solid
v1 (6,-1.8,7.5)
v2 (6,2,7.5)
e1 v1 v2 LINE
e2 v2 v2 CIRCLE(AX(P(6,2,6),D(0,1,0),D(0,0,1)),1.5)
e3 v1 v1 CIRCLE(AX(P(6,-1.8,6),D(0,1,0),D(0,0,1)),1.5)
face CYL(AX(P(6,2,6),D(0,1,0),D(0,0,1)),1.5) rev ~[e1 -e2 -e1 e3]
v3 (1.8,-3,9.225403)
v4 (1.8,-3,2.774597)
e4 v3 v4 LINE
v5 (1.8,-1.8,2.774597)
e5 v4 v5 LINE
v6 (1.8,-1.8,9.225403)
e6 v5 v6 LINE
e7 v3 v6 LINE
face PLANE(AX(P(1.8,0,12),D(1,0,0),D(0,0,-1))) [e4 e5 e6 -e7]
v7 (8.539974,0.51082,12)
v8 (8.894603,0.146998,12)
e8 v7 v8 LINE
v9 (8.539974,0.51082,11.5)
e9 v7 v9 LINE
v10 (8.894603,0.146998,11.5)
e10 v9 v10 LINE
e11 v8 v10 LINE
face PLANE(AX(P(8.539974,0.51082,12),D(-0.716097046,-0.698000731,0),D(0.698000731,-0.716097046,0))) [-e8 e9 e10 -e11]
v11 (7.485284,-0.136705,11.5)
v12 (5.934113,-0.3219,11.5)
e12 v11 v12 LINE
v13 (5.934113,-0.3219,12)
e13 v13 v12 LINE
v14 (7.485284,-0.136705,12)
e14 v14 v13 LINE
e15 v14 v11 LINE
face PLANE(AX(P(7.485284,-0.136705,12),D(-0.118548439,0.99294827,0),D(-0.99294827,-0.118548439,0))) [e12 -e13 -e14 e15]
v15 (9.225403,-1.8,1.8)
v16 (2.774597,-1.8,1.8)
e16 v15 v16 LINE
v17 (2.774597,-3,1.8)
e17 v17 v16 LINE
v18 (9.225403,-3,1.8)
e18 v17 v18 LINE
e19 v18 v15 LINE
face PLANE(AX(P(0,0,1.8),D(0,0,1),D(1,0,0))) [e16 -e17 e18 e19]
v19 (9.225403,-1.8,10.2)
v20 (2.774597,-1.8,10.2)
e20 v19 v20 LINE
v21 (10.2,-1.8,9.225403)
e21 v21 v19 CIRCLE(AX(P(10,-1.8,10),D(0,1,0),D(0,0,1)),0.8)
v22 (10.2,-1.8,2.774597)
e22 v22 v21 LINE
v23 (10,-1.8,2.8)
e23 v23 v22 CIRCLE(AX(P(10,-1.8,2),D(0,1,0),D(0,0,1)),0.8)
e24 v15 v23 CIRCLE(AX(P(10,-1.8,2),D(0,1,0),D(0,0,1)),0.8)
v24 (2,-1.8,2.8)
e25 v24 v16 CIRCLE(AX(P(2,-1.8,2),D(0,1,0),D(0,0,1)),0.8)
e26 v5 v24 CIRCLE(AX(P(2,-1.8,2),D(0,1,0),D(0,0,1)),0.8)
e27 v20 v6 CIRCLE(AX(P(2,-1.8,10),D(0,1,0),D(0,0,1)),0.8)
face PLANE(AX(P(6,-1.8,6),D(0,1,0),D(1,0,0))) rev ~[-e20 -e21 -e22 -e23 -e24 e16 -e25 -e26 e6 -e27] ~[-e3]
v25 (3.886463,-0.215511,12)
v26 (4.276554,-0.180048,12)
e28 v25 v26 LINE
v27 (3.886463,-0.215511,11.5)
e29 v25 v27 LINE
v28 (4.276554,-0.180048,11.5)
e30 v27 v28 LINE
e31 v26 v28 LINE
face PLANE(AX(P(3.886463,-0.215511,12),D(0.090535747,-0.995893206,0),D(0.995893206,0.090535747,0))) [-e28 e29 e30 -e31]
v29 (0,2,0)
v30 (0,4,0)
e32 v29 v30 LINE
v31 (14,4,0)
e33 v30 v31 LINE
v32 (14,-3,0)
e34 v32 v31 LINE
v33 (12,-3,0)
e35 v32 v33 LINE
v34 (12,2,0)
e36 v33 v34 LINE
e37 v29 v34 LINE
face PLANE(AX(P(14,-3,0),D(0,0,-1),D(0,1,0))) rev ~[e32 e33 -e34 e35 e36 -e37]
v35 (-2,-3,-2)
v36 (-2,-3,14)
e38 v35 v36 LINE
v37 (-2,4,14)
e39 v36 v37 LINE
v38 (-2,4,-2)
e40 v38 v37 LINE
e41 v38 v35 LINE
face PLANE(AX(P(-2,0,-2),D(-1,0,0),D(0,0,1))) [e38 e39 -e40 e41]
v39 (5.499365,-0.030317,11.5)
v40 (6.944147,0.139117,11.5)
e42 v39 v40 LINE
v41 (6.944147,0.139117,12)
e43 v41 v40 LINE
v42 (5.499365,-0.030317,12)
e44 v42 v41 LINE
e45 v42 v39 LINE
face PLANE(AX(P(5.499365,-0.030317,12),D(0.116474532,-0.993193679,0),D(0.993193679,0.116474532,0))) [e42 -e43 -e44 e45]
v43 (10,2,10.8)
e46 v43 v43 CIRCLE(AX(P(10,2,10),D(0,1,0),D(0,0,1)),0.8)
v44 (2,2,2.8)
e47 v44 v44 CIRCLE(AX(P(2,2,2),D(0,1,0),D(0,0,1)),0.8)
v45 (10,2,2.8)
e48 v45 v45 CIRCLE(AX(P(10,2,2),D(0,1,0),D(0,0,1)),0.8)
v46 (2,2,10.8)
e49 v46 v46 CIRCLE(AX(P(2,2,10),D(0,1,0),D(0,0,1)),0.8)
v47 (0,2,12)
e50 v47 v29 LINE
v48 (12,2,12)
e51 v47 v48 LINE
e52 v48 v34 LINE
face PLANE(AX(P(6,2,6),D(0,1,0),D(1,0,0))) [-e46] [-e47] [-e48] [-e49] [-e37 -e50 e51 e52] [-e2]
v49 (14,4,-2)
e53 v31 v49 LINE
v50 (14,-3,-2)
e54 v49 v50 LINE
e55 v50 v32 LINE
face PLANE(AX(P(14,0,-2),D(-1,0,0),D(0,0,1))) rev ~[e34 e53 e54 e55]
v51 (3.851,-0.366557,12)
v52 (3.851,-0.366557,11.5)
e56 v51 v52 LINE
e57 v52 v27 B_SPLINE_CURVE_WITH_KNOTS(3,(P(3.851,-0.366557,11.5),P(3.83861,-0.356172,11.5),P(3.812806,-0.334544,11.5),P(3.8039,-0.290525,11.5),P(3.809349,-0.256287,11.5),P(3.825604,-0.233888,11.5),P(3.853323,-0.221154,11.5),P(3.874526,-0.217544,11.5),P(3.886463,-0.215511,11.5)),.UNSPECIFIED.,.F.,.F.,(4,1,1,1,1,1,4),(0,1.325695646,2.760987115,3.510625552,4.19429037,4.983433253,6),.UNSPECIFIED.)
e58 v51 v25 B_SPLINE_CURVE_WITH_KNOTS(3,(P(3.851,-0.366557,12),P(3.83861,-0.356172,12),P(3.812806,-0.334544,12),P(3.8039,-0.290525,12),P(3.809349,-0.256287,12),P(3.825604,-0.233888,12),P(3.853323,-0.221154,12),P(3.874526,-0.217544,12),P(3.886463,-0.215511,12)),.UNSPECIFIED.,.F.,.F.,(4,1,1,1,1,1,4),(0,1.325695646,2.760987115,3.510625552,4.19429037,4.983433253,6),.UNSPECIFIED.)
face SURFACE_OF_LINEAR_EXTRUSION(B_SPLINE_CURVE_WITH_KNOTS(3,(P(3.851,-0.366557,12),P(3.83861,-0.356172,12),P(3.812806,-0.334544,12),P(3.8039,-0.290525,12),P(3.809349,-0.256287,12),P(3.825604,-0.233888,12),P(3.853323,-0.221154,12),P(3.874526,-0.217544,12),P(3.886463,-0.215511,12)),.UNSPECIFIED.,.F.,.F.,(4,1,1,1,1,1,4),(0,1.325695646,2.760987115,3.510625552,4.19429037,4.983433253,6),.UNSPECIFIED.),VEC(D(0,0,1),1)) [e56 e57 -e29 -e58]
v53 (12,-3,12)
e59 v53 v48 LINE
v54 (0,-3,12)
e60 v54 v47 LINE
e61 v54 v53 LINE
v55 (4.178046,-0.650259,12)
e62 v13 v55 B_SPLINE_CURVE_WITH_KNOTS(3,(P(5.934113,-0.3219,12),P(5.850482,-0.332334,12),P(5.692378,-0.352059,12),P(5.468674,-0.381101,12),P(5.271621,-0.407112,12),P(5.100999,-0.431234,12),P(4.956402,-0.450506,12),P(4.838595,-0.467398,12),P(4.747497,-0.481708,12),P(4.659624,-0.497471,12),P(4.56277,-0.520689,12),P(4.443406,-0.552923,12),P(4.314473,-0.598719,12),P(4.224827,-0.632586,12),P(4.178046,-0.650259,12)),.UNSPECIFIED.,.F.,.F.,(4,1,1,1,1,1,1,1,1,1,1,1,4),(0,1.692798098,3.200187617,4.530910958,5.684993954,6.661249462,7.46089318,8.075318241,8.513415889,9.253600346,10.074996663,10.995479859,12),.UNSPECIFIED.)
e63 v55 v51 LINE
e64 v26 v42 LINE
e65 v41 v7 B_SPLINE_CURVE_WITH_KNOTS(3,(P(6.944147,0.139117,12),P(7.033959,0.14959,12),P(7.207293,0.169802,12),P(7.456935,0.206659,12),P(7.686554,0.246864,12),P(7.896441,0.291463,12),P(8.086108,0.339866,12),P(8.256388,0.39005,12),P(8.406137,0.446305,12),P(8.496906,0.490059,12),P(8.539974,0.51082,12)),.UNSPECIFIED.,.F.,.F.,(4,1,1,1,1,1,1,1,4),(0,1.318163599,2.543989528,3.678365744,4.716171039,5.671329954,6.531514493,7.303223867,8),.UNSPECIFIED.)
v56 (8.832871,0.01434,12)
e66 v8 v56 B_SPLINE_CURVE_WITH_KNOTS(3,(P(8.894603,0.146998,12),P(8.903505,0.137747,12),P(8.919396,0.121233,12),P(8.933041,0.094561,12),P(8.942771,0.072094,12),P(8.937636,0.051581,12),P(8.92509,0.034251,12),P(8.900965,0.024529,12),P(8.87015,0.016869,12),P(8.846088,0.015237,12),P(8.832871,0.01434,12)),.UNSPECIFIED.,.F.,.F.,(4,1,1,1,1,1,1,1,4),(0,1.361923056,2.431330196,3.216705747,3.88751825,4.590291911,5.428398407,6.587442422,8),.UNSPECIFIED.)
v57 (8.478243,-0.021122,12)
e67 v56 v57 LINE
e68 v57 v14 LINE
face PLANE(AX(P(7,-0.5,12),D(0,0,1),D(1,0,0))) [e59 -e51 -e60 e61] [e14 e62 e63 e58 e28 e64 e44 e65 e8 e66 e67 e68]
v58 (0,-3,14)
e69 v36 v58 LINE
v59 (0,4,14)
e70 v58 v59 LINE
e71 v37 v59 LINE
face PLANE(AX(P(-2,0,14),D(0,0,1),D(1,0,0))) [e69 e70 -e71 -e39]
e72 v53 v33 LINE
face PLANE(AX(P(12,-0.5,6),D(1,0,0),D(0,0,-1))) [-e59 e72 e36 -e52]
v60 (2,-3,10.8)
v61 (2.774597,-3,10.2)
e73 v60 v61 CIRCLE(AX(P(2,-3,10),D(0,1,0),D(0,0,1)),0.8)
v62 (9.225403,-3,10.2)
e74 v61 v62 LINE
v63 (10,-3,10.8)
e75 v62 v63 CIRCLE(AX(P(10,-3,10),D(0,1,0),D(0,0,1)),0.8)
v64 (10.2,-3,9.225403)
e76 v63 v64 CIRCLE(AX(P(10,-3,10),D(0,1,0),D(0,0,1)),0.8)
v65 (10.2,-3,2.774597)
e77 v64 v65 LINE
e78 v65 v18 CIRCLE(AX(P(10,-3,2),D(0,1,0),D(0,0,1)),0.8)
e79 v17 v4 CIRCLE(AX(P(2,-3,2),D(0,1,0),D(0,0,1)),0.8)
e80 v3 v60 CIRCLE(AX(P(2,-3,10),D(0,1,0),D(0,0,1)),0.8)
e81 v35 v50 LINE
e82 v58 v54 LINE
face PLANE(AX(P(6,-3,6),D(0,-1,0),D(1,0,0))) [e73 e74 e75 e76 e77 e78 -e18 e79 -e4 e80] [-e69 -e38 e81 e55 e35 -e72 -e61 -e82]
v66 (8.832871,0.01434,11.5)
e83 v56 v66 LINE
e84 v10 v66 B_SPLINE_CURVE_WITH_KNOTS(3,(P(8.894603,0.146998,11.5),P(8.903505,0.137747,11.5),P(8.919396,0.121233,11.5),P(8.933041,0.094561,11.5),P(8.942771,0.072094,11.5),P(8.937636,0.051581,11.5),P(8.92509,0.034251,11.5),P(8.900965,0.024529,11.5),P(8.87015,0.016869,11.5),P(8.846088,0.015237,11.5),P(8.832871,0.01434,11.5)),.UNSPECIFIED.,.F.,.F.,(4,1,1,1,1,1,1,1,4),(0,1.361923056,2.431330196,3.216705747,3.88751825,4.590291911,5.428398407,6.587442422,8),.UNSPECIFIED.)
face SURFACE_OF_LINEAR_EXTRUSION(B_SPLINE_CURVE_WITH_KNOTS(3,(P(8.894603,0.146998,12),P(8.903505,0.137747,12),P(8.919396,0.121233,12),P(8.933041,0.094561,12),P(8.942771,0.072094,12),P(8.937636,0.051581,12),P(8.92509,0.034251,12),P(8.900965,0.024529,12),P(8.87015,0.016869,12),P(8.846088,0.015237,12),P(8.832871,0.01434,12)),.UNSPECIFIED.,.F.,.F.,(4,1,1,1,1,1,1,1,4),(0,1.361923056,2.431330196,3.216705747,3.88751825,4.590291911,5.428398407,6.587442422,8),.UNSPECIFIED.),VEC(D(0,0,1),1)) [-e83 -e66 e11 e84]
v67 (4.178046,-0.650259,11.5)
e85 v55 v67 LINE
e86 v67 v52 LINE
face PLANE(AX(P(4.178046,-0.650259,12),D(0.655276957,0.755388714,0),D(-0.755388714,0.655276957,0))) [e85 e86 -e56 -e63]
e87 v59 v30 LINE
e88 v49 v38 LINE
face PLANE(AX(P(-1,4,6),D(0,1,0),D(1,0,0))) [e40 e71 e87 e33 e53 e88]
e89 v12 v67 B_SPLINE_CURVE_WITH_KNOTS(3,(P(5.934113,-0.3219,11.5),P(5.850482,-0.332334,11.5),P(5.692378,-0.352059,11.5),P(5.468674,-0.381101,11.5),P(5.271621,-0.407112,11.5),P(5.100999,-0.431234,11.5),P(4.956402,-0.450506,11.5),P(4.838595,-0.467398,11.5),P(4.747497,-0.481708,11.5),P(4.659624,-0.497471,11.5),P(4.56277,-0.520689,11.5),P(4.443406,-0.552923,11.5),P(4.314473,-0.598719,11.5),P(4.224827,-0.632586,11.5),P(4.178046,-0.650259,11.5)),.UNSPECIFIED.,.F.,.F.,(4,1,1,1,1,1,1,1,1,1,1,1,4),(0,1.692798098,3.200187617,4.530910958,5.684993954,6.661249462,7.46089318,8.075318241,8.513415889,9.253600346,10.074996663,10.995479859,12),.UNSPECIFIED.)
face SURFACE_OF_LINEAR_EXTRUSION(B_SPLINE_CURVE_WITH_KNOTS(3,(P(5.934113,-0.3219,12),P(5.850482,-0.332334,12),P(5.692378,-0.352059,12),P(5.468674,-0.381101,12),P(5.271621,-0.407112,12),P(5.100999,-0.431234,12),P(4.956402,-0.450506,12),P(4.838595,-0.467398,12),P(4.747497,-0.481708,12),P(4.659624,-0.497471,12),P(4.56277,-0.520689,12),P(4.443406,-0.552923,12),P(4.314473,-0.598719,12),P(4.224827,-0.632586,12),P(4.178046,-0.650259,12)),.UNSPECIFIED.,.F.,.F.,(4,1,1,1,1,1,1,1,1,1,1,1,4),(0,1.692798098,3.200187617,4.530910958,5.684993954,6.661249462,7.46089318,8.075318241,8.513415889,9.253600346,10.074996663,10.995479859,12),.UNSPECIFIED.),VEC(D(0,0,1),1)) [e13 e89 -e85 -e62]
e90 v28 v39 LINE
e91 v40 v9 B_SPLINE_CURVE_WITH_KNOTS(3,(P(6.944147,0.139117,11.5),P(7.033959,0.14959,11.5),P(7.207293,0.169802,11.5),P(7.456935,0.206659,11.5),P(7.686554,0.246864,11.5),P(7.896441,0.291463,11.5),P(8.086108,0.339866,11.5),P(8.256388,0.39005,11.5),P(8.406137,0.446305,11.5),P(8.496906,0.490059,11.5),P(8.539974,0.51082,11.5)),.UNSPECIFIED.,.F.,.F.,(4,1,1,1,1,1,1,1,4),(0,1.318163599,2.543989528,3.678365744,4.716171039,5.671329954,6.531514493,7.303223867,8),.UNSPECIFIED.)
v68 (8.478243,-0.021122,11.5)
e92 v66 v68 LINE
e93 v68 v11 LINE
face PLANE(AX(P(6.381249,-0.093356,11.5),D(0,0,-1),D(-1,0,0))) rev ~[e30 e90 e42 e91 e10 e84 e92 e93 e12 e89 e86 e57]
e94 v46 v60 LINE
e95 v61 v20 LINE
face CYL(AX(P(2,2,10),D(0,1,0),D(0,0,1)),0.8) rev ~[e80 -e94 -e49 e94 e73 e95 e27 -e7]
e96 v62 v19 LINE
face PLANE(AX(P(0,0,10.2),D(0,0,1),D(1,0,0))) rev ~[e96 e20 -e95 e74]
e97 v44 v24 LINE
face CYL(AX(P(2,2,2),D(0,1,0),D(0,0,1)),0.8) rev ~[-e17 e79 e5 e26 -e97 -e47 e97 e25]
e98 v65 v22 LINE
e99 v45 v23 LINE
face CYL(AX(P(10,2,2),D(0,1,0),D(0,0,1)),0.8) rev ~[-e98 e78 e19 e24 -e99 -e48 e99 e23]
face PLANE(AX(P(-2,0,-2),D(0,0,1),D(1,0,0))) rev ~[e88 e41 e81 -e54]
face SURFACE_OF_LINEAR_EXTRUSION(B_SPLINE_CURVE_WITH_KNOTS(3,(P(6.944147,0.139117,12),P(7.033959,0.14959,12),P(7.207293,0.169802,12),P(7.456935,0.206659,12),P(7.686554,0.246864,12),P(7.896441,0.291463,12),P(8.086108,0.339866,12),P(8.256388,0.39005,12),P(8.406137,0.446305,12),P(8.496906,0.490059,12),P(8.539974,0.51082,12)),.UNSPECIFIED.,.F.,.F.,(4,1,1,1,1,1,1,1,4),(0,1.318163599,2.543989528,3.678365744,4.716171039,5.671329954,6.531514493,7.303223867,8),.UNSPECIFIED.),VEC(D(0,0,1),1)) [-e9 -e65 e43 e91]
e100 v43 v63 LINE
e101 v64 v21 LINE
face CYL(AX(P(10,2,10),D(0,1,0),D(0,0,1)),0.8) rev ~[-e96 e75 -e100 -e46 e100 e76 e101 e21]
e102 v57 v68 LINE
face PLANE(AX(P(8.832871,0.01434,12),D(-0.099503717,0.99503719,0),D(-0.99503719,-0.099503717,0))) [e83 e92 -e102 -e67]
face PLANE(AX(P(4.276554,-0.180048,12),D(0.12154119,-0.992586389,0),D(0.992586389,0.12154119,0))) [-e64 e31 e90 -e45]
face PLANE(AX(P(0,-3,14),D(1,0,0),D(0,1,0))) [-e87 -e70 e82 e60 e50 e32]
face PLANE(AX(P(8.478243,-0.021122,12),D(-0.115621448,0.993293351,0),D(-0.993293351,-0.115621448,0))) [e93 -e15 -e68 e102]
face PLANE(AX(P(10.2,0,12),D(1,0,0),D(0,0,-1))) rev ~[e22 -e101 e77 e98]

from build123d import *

# Parameters (mm, degrees)
SKETCH1_W           = 12
SKETCH1_H           = 12
BOSS_EXTRUDE1_DEPTH = 3
SHELL2_T            = -1.8
SKETCH3_R           = 1.5
CUT_EXTRUDE3_DEPTH  = 1.8
BOSS_EXTRUDE2_START = 2
SKETCH3_3_W         = 16
SKETCH3_3_H         = 16
SKETCH3_3_W_2       = 12
SKETCH3_3_H_2       = 12
SKETCH3_3_R         = 1.5
BOSS_EXTRUDE2_DEPTH = 2
SKETCH4_W           = 14
SKETCH4_H           = 2
BOSS_EXTRUDE3_DEPTH = 2
SKETCH5_W           = 16
SKETCH5_H           = 16
SKETCH5_W_2         = 12
SKETCH5_H_2         = 12
BOSS_EXTRUDE4_DEPTH = 3
SKETCH6_W           = 14
SKETCH6_H           = 5
CUT_EXTRUDE4_DEPTH  = 2
SKETCH7_W           = 12
SKETCH7_H           = 5
CUT_EXTRUDE5_DEPTH  = 2
CUT_EXTRUDE6_DEPTH  = 0.5
SKETCH9_R           = 0.8
CUT_EXTRUDE7_DEPTH  = 21.420577881


with BuildPart() as part:
    # Sketch1 → Boss-Extrude1 (new body)
    with BuildSketch(Plane(origin=(0, 0, 0), x_dir=(1, 0, 0), z_dir=(0, 1, 0))):
        with Locations((6, -6)):
            Rectangle(SKETCH1_W, SKETCH1_H)
    extrude(amount=-BOSS_EXTRUDE1_DEPTH)

    # Shell2
    shell2_openings = [part.faces().sort_by_distance(p)[0] for p in [
        (6, -3, 6),
    ]]
    offset(amount=SHELL2_T, openings=shell2_openings, kind=Kind.INTERSECTION)

    # Sketch3 → Cut-Extrude3 (cut)
    with BuildSketch(Plane(origin=(0, 0, 0), x_dir=(1, 0, 0), z_dir=(0, 1, 0))):
        with Locations(Location((6, -6, 0), (0, 0, 270))):
            Circle(SKETCH3_R)
    extrude(amount=-CUT_EXTRUDE3_DEPTH, mode=Mode.SUBTRACT)

    # Sketch3<3> → Boss-Extrude2 (add)
    # profile 1 of 2: a face of its own
    with BuildSketch(Plane(origin=(0, 0, 0), x_dir=(1, 0, 0), z_dir=(0, 1, 0)).offset(BOSS_EXTRUDE2_START)):
        with Locations((6, -6)):
            Rectangle(SKETCH3_3_W, SKETCH3_3_H)
        with Locations((6, -6)):
            Rectangle(SKETCH3_3_W_2, SKETCH3_3_H_2, mode=Mode.SUBTRACT)
    # profile 2 of 2: a face of its own
    with BuildSketch(Plane(origin=(0, 0, 0), x_dir=(1, 0, 0), z_dir=(0, 1, 0)).offset(BOSS_EXTRUDE2_START)):
        with Locations((6, -6)):
            Rectangle(SKETCH3_3_W_2, SKETCH3_3_H_2)
        with Locations(Location((6, -6, 0), (0, 0, 270))):
            Circle(SKETCH3_3_R, mode=Mode.SUBTRACT)
    extrude(amount=-BOSS_EXTRUDE2_DEPTH)

    # Sketch4 → Boss-Extrude3 (add)
    with BuildSketch(Plane(origin=(0, 2, 0), x_dir=(1, 0, 0), z_dir=(0, 1, 0))):
        Polygon((0, 2), (-2, 2), (-2, -14), (0, -14), (0, 0), align=None)
        with Locations((7, 1)):
            Rectangle(SKETCH4_W, SKETCH4_H)
    extrude(amount=BOSS_EXTRUDE3_DEPTH)

    # Sketch5 → Boss-Extrude4 (add)
    with BuildSketch(Plane.XZ):
        with Locations((6, 6)):
            Rectangle(SKETCH5_W, SKETCH5_H)
        with Locations((6, 6)):
            Rectangle(SKETCH5_W_2, SKETCH5_H_2, mode=Mode.SUBTRACT)
    extrude(amount=BOSS_EXTRUDE4_DEPTH)

    # Sketch6 → Cut-Extrude4 (cut)
    with BuildSketch(Plane.XY.offset(14)):
        with Locations((7, -0.5)):
            Rectangle(SKETCH6_W, SKETCH6_H)
    extrude(amount=-CUT_EXTRUDE4_DEPTH, mode=Mode.SUBTRACT)

    # Sketch7 → Cut-Extrude5 (cut)
    with BuildSketch(Plane(origin=(14, 0, 0), x_dir=(0, 0, -1), z_dir=(1, 0, 0))):
        with Locations((-6, -0.5)):
            Rectangle(SKETCH7_W, SKETCH7_H)
    extrude(amount=-CUT_EXTRUDE5_DEPTH, mode=Mode.SUBTRACT)

    # Sketch8 → Cut-Extrude6 (cut)
    with BuildSketch(Plane.XY.offset(12)):
        with BuildLine():
            Line((5.499365182, -0.030316533), (6.944147055, 0.139116978))
            add(Edge.make_bspline(
                [(6.944147055, 0.139116978), (7.033959338, 0.149589911), (7.207292534, 0.169802147), (7.456935343, 0.206659273), (7.686554115, 0.246864239), (7.896440991, 0.291462829), (8.086108286, 0.339865769), (8.256388111, 0.390049541), (8.406137381, 0.446305372), (8.496905896, 0.49005931), (8.539974305, 0.51081995)],
                knots=[0, 0, 0, 0, 1.318163599, 2.543989528, 3.678365744, 4.716171039, 5.671329954, 6.531514493, 7.303223867, 8, 8, 8, 8], degree=3))
            Line((8.539974305, 0.51081995), (8.894602583, 0.146997606))
            add(Edge.make_bspline(
                [(8.894602583, 0.146997606), (8.903504519, 0.13774703), (8.91939642, 0.121232731), (8.933040884, 0.094560662), (8.942770969, 0.072093955), (8.937635666, 0.051580559), (8.925089845, 0.034251106), (8.900964781, 0.024529461), (8.870149866, 0.016869042), (8.846087974, 0.015236889), (8.832870994, 0.014340361)],
                knots=[0, 0, 0, 0, 1.361923056, 2.431330196, 3.216705747, 3.88751825, 4.590291911, 5.428398407, 6.587442422, 8, 8, 8, 8], degree=3))
            Line((8.832870994, 0.014340361), (8.478242716, -0.021122466))
            Line((8.478242716, -0.021122466), (7.485283538, -0.136705016))
            Line((7.485283538, -0.136705016), (5.934113182, -0.321899783))
            add(Edge.make_bspline(
                [(5.934113182, -0.321899783), (5.850481605, -0.332333939), (5.69237844, -0.352059419), (5.468673749, -0.381100719), (5.271621052, -0.407112207), (5.100999285, -0.431234493), (4.956401672, -0.450505772), (4.838594823, -0.467397889), (4.747497081, -0.481707682), (4.65962381, -0.49747077), (4.562769862, -0.520689248), (4.443406404, -0.552923227), (4.314473425, -0.598718655), (4.224826658, -0.63258625), (4.178046488, -0.6502593)],
                knots=[0, 0, 0, 0, 1.692798098, 3.200187617, 4.530910958, 5.684993954, 6.661249462, 7.46089318, 8.075318241, 8.513415889, 9.253600346, 10.074996663, 10.995479859, 12, 12, 12, 12], degree=3))
            Line((4.178046488, -0.6502593), (3.85100041, -0.366556678))
            add(Edge.make_bspline(
                [(3.85100041, -0.366556678), (3.838610297, -0.356171923), (3.812805776, -0.334543902), (3.803900048, -0.290524917), (3.80934915, -0.25628733), (3.825603847, -0.233888183), (3.853323458, -0.221153848), (3.874526491, -0.217543712), (3.886463237, -0.2155113)],
                knots=[0, 0, 0, 0, 1.325695646, 2.760987115, 3.510625552, 4.19429037, 4.983433253, 6, 6, 6, 6], degree=3))
            Line((3.886463237, -0.2155113), (4.276554343, -0.180048472))
            Line((4.276554343, -0.180048472), (5.499365182, -0.030316533))
        make_face()
    extrude(amount=-CUT_EXTRUDE6_DEPTH, mode=Mode.SUBTRACT)

    # Sketch9 → Cut-Extrude7 (cut, through all)
    with BuildSketch(Plane(origin=(0, 2, 0), x_dir=(1, 0, 0), z_dir=(0, 1, 0))):
        with Locations(Location((2, -10, 0), (0, 0, 270))):
            Circle(SKETCH9_R)
        with Locations(Location((10, -10, 0), (0, 0, 270))):
            Circle(SKETCH9_R)
        with Locations(Location((2, -2, 0), (0, 0, 270))):
            Circle(SKETCH9_R)
        with Locations(Location((10, -2, 0), (0, 0, 270))):
            Circle(SKETCH9_R)
    extrude(amount=-CUT_EXTRUDE7_DEPTH, mode=Mode.SUBTRACT)


solid = part.part
